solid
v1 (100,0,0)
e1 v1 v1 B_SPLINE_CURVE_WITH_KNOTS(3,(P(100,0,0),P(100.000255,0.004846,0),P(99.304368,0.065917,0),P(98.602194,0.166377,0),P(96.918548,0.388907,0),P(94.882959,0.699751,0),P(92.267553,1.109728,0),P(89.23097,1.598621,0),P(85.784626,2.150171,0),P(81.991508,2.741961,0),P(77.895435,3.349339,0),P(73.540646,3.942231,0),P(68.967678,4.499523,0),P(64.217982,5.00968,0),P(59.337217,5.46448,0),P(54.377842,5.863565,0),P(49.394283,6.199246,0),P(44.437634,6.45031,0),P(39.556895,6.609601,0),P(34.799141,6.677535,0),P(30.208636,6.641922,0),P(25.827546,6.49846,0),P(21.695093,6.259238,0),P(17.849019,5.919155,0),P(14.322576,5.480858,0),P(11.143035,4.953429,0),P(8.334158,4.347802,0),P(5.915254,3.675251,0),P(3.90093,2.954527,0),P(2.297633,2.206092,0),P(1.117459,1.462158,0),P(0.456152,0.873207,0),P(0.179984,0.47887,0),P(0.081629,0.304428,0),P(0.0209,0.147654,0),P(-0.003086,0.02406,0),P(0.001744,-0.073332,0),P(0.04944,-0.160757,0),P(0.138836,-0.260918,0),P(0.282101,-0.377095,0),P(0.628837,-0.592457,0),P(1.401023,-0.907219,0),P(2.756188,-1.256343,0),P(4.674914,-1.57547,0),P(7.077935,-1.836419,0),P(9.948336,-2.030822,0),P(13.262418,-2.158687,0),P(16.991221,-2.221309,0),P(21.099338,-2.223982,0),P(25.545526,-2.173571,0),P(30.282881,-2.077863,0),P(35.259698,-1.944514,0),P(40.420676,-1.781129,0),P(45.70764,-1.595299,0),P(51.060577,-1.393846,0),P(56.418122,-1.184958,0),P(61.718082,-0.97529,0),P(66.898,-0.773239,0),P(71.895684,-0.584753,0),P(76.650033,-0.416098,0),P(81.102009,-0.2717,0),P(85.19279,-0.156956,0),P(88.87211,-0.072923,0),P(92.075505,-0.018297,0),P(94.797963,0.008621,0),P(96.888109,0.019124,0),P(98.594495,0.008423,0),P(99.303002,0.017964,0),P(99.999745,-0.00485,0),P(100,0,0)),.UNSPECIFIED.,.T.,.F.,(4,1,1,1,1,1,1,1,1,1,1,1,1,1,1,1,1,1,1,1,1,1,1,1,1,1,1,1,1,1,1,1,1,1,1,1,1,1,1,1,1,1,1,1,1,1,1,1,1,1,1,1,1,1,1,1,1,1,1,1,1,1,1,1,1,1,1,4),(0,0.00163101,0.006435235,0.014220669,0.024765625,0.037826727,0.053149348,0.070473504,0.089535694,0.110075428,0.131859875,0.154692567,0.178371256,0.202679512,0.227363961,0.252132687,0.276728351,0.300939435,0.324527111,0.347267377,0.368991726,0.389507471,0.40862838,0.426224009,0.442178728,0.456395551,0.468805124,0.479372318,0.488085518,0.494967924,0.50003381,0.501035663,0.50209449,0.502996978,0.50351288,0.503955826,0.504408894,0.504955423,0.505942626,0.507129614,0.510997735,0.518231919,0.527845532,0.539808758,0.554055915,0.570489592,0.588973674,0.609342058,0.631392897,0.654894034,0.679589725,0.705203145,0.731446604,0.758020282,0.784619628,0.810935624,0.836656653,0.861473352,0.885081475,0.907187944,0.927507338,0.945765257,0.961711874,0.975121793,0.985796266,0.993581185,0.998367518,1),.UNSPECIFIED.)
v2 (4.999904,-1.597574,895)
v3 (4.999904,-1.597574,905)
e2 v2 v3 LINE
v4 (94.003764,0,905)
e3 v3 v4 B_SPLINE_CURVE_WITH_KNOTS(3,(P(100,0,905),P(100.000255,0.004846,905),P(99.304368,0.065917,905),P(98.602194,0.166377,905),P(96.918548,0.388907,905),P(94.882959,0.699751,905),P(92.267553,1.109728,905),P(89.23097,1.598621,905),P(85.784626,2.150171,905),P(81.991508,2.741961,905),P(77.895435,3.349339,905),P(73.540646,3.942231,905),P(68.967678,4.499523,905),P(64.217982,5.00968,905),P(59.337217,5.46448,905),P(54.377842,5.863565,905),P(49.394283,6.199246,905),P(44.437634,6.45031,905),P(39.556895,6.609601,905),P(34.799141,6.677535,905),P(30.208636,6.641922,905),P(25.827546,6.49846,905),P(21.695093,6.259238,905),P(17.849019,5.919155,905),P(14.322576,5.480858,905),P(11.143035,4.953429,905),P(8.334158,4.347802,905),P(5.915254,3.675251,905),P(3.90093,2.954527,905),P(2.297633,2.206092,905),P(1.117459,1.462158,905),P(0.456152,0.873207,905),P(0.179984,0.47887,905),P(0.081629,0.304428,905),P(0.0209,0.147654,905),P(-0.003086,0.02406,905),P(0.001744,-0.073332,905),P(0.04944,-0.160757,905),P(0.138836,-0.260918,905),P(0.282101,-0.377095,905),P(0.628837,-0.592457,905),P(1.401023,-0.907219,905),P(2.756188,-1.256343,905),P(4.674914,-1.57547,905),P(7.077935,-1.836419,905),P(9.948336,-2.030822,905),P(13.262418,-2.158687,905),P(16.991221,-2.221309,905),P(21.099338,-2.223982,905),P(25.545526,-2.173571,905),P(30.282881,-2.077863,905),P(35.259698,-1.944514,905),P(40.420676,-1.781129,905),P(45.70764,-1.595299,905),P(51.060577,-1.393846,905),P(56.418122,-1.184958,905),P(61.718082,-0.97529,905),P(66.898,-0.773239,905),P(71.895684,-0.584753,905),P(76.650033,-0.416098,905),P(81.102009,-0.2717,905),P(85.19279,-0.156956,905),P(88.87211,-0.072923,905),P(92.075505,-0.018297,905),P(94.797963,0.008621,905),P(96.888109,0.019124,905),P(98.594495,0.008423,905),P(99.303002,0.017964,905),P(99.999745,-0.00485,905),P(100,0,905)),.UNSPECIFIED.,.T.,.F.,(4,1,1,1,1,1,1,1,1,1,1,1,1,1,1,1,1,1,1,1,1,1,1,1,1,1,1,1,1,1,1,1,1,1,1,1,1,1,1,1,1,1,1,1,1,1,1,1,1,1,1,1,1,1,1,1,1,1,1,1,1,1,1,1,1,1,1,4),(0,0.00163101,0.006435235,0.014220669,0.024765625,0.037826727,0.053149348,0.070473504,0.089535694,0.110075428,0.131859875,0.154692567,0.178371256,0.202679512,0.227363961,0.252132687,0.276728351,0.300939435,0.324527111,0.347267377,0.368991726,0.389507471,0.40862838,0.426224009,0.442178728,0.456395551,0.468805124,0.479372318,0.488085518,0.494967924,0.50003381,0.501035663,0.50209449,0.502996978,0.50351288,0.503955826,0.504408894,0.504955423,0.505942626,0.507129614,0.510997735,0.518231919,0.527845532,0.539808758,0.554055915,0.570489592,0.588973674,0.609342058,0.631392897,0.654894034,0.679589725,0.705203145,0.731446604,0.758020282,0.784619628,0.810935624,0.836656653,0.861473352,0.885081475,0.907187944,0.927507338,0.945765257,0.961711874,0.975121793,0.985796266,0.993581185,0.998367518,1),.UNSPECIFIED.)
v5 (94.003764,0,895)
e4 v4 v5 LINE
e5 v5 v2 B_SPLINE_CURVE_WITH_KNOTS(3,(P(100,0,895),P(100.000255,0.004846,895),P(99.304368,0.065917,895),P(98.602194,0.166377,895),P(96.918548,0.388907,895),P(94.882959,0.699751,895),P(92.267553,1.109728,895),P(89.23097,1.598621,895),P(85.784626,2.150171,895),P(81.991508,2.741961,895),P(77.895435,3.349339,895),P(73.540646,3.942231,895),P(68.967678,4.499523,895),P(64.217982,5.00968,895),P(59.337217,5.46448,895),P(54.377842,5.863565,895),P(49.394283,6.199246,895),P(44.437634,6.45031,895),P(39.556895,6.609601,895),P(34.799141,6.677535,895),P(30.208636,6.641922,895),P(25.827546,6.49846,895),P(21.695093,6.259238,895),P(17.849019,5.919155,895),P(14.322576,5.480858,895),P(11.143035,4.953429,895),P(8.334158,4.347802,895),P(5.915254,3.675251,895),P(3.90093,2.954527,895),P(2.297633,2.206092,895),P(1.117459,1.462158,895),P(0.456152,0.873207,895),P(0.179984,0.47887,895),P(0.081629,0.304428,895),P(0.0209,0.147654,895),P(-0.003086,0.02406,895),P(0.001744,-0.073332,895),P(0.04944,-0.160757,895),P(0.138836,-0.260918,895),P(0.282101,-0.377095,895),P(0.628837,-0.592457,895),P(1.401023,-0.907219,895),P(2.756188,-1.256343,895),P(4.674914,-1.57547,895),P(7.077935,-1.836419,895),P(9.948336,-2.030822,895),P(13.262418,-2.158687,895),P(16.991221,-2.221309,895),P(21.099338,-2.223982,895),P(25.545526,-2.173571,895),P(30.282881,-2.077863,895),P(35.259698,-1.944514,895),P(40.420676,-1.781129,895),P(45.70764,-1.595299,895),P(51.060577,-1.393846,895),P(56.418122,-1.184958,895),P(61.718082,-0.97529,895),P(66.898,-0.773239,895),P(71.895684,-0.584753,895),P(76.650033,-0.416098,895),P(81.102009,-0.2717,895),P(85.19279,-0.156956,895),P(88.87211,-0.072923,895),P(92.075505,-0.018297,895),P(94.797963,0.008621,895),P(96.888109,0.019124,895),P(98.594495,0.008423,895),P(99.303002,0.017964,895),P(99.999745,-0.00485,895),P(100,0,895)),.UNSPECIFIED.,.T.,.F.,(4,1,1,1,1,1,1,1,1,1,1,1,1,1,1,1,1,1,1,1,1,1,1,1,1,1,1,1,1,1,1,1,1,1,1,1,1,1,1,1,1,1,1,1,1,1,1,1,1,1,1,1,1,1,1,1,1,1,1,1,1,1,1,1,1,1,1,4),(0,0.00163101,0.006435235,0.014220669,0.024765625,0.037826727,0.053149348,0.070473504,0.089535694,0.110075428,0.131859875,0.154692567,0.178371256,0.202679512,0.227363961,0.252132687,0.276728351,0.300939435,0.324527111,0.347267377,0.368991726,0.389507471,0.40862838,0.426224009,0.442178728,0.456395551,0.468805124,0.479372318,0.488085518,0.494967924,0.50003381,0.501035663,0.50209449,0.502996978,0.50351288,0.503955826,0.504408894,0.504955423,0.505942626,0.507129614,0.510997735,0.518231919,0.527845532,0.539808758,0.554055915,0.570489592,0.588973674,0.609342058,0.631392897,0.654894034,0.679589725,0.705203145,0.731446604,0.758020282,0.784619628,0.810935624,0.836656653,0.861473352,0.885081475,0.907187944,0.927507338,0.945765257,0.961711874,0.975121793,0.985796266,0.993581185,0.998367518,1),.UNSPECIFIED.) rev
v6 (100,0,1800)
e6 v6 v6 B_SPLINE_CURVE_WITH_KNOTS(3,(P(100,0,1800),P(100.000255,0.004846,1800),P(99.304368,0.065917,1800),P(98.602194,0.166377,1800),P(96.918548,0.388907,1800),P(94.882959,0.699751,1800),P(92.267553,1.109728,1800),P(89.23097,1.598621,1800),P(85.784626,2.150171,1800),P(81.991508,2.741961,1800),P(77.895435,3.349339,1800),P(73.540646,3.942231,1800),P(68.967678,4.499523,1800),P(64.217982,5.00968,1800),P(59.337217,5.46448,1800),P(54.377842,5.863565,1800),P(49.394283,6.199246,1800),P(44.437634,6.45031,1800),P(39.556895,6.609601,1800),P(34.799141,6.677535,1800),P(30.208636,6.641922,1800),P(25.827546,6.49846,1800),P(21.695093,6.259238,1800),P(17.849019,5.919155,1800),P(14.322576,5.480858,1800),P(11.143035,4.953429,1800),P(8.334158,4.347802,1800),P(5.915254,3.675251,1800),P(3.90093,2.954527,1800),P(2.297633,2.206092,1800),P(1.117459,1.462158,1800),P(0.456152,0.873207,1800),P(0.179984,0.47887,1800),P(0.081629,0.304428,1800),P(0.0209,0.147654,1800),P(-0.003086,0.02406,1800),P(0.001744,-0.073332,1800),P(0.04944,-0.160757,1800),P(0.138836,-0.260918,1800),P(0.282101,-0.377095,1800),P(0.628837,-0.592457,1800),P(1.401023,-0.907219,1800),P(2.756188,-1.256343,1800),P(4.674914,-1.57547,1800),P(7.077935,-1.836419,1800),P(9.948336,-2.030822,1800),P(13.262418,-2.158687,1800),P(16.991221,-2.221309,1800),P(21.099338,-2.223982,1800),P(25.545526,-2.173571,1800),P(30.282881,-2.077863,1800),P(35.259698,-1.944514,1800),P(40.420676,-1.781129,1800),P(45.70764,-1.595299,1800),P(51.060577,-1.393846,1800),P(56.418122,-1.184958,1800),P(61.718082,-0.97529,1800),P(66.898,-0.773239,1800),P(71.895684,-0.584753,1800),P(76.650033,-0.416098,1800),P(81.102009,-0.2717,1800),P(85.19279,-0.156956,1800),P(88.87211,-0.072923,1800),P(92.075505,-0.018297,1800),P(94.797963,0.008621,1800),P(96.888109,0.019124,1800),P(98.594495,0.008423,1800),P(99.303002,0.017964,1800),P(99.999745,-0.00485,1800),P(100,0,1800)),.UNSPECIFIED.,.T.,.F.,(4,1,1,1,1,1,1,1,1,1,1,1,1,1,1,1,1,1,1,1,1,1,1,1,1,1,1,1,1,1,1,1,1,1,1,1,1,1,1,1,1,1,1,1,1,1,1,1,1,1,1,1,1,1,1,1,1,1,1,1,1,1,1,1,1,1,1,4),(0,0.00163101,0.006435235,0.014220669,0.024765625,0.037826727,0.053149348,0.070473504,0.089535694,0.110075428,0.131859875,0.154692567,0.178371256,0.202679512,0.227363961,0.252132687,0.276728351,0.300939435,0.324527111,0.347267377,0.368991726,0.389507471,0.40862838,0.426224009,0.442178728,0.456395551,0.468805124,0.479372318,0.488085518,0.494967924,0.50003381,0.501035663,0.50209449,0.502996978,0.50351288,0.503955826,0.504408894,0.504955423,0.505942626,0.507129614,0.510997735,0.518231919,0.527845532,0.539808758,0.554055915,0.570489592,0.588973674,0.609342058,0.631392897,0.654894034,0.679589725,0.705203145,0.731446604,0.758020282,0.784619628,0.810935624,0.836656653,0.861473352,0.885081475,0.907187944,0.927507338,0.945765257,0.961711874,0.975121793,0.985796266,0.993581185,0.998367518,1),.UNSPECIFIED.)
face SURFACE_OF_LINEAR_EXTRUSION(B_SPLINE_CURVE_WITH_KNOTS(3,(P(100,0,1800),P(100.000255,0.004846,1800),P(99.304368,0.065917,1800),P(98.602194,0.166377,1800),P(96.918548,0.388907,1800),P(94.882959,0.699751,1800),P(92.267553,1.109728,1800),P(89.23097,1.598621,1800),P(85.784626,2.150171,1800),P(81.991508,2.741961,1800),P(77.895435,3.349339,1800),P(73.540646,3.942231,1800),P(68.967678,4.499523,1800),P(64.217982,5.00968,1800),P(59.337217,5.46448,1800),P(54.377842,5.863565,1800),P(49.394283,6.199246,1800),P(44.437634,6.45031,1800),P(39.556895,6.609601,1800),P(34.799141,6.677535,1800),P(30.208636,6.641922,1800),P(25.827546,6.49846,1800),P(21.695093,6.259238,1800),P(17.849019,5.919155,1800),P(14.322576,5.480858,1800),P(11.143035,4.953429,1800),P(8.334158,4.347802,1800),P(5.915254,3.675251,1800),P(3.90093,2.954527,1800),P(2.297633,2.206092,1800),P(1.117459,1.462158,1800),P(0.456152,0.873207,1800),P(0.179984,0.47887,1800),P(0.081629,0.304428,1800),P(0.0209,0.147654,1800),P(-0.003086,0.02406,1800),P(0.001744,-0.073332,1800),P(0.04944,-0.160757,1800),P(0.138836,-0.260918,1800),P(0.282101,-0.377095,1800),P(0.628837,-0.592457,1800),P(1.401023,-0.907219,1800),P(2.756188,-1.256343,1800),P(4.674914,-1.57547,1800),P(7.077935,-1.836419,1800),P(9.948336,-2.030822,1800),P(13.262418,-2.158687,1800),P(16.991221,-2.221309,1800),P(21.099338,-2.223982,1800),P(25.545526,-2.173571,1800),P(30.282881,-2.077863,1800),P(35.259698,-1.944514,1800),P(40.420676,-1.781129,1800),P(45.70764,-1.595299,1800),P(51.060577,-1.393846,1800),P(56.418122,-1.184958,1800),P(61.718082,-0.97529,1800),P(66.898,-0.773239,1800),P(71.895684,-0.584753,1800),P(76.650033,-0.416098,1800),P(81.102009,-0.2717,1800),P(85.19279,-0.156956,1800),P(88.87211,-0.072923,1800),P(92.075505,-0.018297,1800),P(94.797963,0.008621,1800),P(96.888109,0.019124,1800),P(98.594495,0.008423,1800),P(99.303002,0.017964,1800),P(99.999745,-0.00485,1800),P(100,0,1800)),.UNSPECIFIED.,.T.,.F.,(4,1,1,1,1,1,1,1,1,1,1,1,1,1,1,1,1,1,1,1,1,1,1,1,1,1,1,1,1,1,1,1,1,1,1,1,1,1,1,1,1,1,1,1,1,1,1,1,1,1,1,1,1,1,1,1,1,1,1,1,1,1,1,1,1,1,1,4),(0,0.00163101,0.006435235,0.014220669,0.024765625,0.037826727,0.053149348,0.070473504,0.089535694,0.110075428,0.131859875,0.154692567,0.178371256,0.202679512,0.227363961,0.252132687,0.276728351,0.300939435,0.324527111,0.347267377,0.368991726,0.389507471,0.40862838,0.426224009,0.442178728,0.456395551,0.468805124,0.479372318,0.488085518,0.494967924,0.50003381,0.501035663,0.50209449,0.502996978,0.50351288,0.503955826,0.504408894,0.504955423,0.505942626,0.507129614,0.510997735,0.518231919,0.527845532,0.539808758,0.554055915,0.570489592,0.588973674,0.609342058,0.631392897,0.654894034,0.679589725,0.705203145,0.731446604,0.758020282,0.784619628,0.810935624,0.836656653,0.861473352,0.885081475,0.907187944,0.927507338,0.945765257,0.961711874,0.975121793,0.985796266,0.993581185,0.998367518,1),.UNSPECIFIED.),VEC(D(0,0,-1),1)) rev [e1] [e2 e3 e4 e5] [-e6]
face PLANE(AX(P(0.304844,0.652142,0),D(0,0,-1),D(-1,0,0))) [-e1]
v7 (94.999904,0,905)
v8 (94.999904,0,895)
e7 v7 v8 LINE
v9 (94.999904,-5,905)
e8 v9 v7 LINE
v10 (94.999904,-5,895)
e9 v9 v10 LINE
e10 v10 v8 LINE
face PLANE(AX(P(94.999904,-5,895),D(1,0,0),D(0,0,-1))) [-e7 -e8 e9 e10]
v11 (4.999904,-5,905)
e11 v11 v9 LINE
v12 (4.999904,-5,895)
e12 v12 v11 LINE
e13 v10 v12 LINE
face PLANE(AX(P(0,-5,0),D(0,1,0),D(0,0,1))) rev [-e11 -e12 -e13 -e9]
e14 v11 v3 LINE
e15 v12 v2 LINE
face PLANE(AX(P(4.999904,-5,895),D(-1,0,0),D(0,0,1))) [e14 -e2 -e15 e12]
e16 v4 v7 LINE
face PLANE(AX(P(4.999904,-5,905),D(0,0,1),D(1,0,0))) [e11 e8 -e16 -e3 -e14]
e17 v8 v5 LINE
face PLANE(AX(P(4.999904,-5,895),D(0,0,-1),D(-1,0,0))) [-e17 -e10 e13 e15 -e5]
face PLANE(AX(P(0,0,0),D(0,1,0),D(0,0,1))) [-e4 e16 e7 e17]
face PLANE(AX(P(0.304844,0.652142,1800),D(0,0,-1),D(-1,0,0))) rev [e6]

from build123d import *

# Parameters (mm, degrees)
BOSS_EXTRUDE1_DEPTH = 1800
SKETCH2_W           = 90
SKETCH2_H           = 10
BOSS_EXTRUDE2_DEPTH = 5


with BuildPart() as part:
    # Sketch1 → Boss-Extrude1 (new body)
    with BuildSketch(Plane.XY):
        with BuildLine():
            add(Edge.make_bspline(
                [(100, 0), (100.000254641, 0.004845584), (99.304368018, 0.065917243), (98.602194416, 0.166377019), (96.918548009, 0.388906995), (94.882959291, 0.699750822), (92.267553215, 1.109728308), (89.230970093, 1.598621483), (85.784625506, 2.150171121), (81.991508296, 2.741960863), (77.895435059, 3.349338965), (73.540645911, 3.942231232), (68.967678492, 4.499522691), (64.217981973, 5.009680255), (59.33721716, 5.464479685), (54.377842329, 5.863564685), (49.394282953, 6.199245733), (44.437634279, 6.450310336), (39.556895274, 6.60960139), (34.799140518, 6.677534608), (30.208636358, 6.641921756), (25.827546213, 6.498459774), (21.695092828, 6.259238297), (17.849019413, 5.919154653), (14.322575687, 5.480857732), (11.143035012, 4.953429067), (8.33415766, 4.3478015), (5.915253903, 3.675251181), (3.900930283, 2.954526905), (2.297632946, 2.206091575), (1.117458692, 1.462157989), (0.456151921, 0.873206714), (0.179984342, 0.478870117), (0.08162915, 0.304427913), (0.020899686, 0.147654194), (-0.003086424, 0.024059813), (0.001743624, -0.073331826), (0.049440185, -0.160757084), (0.138835818, -0.260917631), (0.282100942, -0.377094962), (0.628837255, -0.592457482), (1.401022687, -0.907219246), (2.756187628, -1.256343307), (4.674914494, -1.575469512), (7.077934896, -1.83641871), (9.94833589, -2.030821633), (13.262418406, -2.15868704), (16.991220889, -2.221308928), (21.099338047, -2.223982463), (25.5455259, -2.173571095), (30.282881122, -2.077862804), (35.259698034, -1.944513684), (40.420676002, -1.781129419), (45.707640095, -1.595299131), (51.060576984, -1.393846441), (56.41812222, -1.184958105), (61.718081929, -0.975290493), (66.897999702, -0.773239464), (71.895683892, -0.584753469), (76.650033275, -0.416097546), (81.102008532, -0.27169971), (85.192790487, -0.156956037), (88.872110363, -0.072922602), (92.075504751, -0.018297162), (94.797963391, 0.008620562), (96.888108734, 0.019123581), (98.594495014, 0.008422548), (99.303002177, 0.017964204), (99.999745129, -0.00484996), (100, 0)],
                knots=[0, 0, 0, 0, 0.00163101, 0.006435235, 0.014220669, 0.024765625, 0.037826727, 0.053149348, 0.070473504, 0.089535694, 0.110075428, 0.131859875, 0.154692567, 0.178371256, 0.202679512, 0.227363961, 0.252132687, 0.276728351, 0.300939435, 0.324527111, 0.347267377, 0.368991726, 0.389507471, 0.40862838, 0.426224009, 0.442178728, 0.456395551, 0.468805124, 0.479372318, 0.488085518, 0.494967924, 0.50003381, 0.501035663, 0.50209449, 0.502996978, 0.50351288, 0.503955826, 0.504408894, 0.504955423, 0.505942626, 0.507129614, 0.510997735, 0.518231919, 0.527845532, 0.539808758, 0.554055915, 0.570489592, 0.588973674, 0.609342058, 0.631392897, 0.654894034, 0.679589725, 0.705203145, 0.731446604, 0.758020282, 0.784619628, 0.810935624, 0.836656653, 0.861473352, 0.885081475, 0.907187944, 0.927507338, 0.945765257, 0.961711874, 0.975121793, 0.985796266, 0.993581185, 0.998367518, 1, 1, 1, 1], degree=3))
        make_face()
    extrude(amount=BOSS_EXTRUDE1_DEPTH)

    # Sketch2 → Boss-Extrude2 (add)
    with BuildSketch(Plane(origin=(0, 0, 0), x_dir=(1, 0, 0), z_dir=(0, 1, 0))):
        with Locations((49.999904345, -900)):
            Rectangle(SKETCH2_W, SKETCH2_H)
    extrude(amount=-BOSS_EXTRUDE2_DEPTH)


solid = part.part
